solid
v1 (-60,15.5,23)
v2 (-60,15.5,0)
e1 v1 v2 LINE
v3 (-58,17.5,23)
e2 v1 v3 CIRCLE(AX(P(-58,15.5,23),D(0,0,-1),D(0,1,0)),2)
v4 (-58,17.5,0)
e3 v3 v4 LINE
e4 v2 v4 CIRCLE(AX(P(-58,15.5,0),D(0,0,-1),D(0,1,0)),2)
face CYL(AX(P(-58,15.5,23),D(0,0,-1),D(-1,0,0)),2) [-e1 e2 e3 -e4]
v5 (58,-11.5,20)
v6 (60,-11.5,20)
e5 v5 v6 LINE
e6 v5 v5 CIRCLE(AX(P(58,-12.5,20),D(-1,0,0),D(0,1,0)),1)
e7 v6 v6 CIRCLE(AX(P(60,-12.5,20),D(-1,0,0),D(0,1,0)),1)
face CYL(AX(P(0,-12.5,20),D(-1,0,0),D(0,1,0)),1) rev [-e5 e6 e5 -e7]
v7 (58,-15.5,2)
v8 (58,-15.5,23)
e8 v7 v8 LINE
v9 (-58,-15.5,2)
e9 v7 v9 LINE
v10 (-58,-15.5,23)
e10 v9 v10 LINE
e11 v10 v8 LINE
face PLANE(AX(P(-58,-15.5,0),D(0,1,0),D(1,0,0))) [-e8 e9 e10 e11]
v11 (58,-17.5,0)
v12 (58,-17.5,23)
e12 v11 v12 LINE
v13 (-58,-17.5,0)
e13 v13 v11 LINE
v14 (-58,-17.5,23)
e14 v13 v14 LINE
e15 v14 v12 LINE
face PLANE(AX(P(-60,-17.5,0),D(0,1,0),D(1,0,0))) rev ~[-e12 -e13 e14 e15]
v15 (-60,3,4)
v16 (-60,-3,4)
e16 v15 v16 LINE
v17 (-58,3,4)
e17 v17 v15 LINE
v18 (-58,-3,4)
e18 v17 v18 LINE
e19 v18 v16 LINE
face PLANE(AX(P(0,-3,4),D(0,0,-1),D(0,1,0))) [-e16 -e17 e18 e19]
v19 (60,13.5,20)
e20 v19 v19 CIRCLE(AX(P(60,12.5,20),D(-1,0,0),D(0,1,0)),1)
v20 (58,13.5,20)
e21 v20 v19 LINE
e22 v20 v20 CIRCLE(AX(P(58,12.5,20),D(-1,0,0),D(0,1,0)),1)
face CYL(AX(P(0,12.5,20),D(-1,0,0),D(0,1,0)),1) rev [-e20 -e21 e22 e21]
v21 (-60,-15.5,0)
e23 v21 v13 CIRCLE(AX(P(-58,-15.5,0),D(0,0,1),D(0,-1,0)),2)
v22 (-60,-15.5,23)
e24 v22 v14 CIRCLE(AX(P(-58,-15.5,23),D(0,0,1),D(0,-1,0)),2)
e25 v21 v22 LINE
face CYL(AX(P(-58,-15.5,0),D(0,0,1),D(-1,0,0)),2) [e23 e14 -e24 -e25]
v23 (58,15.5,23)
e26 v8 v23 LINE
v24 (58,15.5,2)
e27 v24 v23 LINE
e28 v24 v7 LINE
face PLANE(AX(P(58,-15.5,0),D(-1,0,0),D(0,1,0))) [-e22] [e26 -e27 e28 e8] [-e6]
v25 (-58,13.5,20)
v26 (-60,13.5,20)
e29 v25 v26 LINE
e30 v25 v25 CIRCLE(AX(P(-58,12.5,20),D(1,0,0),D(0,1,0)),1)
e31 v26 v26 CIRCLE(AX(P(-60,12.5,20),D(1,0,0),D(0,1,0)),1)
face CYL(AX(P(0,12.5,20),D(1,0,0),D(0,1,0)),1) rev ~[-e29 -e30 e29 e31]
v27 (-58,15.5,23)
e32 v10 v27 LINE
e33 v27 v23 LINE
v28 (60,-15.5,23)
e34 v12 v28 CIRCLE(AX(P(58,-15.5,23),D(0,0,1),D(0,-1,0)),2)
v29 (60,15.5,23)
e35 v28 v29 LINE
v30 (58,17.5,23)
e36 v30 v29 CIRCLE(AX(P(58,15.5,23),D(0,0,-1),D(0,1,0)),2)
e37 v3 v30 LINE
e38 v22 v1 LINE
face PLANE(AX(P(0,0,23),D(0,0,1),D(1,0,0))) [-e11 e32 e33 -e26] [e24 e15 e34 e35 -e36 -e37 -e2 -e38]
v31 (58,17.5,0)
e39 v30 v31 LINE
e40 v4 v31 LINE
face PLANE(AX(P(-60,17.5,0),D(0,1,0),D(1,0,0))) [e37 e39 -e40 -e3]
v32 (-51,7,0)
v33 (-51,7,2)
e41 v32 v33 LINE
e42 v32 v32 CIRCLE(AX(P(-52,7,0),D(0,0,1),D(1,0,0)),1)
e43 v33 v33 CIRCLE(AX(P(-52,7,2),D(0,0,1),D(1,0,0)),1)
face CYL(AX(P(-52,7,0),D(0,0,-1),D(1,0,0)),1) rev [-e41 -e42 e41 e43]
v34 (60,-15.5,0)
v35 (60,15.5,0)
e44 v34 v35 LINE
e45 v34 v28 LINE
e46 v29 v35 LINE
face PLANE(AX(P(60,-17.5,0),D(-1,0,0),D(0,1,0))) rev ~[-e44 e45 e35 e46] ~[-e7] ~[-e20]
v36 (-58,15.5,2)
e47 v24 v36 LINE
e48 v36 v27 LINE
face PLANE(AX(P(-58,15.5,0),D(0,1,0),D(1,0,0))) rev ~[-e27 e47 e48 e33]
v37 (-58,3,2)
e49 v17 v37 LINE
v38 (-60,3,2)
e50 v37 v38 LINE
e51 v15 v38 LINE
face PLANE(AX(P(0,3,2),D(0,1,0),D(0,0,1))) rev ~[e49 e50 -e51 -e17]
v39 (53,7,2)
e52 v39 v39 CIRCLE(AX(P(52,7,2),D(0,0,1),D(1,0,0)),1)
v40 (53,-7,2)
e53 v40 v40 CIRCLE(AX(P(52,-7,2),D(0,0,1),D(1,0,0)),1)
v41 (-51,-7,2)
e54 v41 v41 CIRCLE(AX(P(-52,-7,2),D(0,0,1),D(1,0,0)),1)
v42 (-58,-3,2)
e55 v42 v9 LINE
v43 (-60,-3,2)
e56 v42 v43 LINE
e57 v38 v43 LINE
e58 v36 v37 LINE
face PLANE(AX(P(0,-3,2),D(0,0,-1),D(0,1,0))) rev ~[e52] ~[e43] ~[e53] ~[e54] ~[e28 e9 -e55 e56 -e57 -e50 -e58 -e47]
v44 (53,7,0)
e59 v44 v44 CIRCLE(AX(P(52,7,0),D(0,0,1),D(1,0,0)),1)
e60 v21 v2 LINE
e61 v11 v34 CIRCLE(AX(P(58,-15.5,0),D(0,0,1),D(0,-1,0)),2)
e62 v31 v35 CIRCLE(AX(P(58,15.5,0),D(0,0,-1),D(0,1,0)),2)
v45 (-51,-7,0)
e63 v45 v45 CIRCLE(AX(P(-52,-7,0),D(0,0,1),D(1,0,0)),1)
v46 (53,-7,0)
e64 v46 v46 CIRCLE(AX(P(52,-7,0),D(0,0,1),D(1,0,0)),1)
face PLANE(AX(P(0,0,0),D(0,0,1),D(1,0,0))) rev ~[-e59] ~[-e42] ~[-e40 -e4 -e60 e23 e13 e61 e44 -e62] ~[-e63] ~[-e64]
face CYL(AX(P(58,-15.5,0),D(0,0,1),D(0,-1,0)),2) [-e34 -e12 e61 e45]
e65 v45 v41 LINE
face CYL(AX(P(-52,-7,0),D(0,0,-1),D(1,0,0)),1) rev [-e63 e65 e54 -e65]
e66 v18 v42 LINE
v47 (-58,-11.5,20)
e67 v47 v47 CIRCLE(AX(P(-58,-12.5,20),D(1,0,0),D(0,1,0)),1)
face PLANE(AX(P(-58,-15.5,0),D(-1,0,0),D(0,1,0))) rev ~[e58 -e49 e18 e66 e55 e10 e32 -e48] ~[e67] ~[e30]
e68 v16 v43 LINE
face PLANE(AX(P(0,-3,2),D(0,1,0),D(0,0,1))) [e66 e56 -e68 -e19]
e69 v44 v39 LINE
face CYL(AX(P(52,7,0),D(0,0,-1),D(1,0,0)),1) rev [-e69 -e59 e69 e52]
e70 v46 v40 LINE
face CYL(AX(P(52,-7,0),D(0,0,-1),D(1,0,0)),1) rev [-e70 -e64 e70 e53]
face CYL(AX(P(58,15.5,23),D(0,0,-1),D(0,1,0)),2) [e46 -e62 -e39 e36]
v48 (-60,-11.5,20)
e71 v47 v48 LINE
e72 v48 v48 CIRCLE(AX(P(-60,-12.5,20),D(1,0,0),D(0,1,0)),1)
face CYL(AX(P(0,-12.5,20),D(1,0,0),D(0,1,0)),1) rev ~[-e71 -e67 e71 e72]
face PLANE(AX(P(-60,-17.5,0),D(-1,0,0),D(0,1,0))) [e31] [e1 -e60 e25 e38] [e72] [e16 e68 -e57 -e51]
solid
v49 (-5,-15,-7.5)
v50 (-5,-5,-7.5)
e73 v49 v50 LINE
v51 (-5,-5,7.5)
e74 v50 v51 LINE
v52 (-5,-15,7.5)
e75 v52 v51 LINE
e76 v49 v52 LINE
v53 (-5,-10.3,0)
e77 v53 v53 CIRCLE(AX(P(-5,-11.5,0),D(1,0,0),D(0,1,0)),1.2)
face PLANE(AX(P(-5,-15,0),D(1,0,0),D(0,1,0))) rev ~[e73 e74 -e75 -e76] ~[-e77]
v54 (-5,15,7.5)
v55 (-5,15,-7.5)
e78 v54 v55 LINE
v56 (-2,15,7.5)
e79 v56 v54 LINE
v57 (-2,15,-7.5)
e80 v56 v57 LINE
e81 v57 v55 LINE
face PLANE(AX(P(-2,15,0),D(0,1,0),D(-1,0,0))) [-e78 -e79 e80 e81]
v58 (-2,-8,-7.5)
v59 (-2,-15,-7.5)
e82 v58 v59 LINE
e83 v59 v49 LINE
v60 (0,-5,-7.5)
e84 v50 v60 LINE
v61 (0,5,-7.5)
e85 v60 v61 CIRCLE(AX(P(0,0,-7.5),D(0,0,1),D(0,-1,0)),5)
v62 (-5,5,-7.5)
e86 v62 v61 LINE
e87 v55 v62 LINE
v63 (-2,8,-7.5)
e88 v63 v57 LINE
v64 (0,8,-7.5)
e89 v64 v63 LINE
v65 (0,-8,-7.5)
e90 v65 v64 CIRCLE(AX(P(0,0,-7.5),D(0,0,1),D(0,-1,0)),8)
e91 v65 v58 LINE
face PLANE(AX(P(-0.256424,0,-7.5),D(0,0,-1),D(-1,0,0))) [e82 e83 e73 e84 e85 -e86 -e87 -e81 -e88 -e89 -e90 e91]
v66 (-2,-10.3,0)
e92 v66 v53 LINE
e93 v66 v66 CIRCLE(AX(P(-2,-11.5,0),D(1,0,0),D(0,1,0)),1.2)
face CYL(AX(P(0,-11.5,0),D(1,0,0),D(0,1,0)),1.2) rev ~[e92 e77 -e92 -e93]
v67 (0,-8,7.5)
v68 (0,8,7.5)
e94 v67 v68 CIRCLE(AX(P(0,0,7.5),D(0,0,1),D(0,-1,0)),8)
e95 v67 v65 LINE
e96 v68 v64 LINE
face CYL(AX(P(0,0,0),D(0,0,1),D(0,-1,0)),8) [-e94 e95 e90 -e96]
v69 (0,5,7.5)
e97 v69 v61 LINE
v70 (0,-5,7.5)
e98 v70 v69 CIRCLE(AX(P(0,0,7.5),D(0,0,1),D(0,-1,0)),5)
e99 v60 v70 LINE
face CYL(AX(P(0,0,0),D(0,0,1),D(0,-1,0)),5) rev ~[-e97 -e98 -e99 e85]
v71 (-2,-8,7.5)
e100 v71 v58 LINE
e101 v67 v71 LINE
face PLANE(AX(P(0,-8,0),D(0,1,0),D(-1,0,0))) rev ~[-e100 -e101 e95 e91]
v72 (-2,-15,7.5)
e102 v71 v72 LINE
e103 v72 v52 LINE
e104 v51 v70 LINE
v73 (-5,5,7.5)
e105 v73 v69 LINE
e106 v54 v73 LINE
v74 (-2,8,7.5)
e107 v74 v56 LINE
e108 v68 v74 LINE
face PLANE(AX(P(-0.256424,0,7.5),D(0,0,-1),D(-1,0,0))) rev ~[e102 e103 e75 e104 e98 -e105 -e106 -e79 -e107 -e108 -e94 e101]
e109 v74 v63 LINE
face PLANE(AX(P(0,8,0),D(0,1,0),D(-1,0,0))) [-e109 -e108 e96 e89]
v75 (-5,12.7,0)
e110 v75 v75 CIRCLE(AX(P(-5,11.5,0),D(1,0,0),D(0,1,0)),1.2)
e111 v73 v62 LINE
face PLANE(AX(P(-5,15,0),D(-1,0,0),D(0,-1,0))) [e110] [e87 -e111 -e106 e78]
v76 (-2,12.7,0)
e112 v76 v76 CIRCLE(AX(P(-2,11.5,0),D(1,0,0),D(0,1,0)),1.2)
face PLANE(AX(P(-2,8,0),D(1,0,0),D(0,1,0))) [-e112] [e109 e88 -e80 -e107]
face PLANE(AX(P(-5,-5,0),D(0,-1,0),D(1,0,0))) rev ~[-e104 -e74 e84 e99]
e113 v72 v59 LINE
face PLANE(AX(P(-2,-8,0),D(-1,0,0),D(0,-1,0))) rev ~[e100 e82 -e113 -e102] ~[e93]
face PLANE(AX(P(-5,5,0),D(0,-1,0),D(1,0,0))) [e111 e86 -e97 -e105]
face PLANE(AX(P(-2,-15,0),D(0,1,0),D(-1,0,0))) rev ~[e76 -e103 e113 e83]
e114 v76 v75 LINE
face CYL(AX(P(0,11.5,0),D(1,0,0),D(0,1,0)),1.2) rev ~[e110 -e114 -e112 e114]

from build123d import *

# Parameters (mm, degrees)
SKETCH_W        = 120
SKETCH_H        = 35
SKETCH_R        = 1
PAD_DEPTH       = 2
SKETCH001_W     = 120
SKETCH001_H     = 35
SKETCH001_W_2   = 116
SKETCH001_H_2   = 31
PAD001_DEPTH    = 23
SKETCH002_R     = 1
SKETCH002_W     = 6
SKETCH002_H     = 2
POCKET_DEPTH    = 60.001
SKETCH003_R     = 1
POCKET001_DEPTH = 60.001
FILLET_R        = 2
PAD002_DEPTH    = 7.5
SKETCH005_R     = 1.2
POCKET002_DEPTH = 5.001


with BuildPart() as body:
    # Sketch → Pad (new body)
    with BuildSketch(Plane.XY):
        Rectangle(SKETCH_W, SKETCH_H)
        with Locations((-52, 7)):
            Circle(SKETCH_R, mode=Mode.SUBTRACT)
        with Locations((-52, -7)):
            Circle(SKETCH_R, mode=Mode.SUBTRACT)
        with Locations((52, 7)):
            Circle(SKETCH_R, mode=Mode.SUBTRACT)
        with Locations((52, -7)):
            Circle(SKETCH_R, mode=Mode.SUBTRACT)
    extrude(amount=PAD_DEPTH)

    # Sketch001 → Pad001 (join)
    with BuildSketch(Plane.XY):
        Rectangle(SKETCH001_W, SKETCH001_H)
        Rectangle(SKETCH001_W_2, SKETCH001_H_2, mode=Mode.SUBTRACT)
    extrude(amount=PAD001_DEPTH)

    # Sketch002 → Pocket (cut, through all)
    with BuildSketch(Plane.YZ):
        with Locations((-12.5, 20)):
            Circle(SKETCH002_R)
        with Locations((12.5, 20)):
            Circle(SKETCH002_R)
        with Locations((0, 3)):
            Rectangle(SKETCH002_W, SKETCH002_H)
    extrude(amount=-POCKET_DEPTH, mode=Mode.SUBTRACT)

    # Sketch003 → Pocket001 (cut, through all)
    with BuildSketch(Plane.YZ):
        with Locations((-12.5, 20)):
            Circle(SKETCH003_R)
        with Locations((12.5, 20)):
            Circle(SKETCH003_R)
    extrude(amount=POCKET001_DEPTH, mode=Mode.SUBTRACT)

    # Fillet
    fillet_edges = [body.edges().sort_by_distance(p)[0] for p in [
        (-60, 17.5, 11.5),
        (-60, -17.5, 11.5),
        (60, -17.5, 11.5),
        (60, 17.5, 11.5),
    ]]
    fillet(fillet_edges, radius=FILLET_R)


with BuildPart() as body001:
    # Sketch004 → Pad002 (new body, symmetric)
    with BuildSketch(Plane.XY):
        with BuildLine():
            ThreePointArc((0, -5), (5, 0), (0, 5))
            Line((-5, 5), (0, 5))
            Line((-5, 15), (-5, 5))
            Line((-2, 15), (-5, 15))
            Line((-2, 8), (-2, 15))
            Line((0, 8), (-2, 8))
            ThreePointArc((0, -8), (8, 0), (0, 8))
            Line((0, -8), (-2, -8))
            Line((-2, -8), (-2, -15))
            Line((-2, -15), (-5, -15))
            Line((-5, -15), (-5, -5))
            Line((-5, -5), (0, -5))
        make_face()
    extrude(amount=PAD002_DEPTH, both=True)

    # Sketch005 → Pocket002 (cut, through all)
    with BuildSketch(Plane.YZ):
        with Locations((-11.5, 0)):
            Circle(SKETCH005_R)
        with Locations((11.5, 0)):
            Circle(SKETCH005_R)
    extrude(amount=-POCKET002_DEPTH, mode=Mode.SUBTRACT)


solid = Compound([body.part, body001.part])
